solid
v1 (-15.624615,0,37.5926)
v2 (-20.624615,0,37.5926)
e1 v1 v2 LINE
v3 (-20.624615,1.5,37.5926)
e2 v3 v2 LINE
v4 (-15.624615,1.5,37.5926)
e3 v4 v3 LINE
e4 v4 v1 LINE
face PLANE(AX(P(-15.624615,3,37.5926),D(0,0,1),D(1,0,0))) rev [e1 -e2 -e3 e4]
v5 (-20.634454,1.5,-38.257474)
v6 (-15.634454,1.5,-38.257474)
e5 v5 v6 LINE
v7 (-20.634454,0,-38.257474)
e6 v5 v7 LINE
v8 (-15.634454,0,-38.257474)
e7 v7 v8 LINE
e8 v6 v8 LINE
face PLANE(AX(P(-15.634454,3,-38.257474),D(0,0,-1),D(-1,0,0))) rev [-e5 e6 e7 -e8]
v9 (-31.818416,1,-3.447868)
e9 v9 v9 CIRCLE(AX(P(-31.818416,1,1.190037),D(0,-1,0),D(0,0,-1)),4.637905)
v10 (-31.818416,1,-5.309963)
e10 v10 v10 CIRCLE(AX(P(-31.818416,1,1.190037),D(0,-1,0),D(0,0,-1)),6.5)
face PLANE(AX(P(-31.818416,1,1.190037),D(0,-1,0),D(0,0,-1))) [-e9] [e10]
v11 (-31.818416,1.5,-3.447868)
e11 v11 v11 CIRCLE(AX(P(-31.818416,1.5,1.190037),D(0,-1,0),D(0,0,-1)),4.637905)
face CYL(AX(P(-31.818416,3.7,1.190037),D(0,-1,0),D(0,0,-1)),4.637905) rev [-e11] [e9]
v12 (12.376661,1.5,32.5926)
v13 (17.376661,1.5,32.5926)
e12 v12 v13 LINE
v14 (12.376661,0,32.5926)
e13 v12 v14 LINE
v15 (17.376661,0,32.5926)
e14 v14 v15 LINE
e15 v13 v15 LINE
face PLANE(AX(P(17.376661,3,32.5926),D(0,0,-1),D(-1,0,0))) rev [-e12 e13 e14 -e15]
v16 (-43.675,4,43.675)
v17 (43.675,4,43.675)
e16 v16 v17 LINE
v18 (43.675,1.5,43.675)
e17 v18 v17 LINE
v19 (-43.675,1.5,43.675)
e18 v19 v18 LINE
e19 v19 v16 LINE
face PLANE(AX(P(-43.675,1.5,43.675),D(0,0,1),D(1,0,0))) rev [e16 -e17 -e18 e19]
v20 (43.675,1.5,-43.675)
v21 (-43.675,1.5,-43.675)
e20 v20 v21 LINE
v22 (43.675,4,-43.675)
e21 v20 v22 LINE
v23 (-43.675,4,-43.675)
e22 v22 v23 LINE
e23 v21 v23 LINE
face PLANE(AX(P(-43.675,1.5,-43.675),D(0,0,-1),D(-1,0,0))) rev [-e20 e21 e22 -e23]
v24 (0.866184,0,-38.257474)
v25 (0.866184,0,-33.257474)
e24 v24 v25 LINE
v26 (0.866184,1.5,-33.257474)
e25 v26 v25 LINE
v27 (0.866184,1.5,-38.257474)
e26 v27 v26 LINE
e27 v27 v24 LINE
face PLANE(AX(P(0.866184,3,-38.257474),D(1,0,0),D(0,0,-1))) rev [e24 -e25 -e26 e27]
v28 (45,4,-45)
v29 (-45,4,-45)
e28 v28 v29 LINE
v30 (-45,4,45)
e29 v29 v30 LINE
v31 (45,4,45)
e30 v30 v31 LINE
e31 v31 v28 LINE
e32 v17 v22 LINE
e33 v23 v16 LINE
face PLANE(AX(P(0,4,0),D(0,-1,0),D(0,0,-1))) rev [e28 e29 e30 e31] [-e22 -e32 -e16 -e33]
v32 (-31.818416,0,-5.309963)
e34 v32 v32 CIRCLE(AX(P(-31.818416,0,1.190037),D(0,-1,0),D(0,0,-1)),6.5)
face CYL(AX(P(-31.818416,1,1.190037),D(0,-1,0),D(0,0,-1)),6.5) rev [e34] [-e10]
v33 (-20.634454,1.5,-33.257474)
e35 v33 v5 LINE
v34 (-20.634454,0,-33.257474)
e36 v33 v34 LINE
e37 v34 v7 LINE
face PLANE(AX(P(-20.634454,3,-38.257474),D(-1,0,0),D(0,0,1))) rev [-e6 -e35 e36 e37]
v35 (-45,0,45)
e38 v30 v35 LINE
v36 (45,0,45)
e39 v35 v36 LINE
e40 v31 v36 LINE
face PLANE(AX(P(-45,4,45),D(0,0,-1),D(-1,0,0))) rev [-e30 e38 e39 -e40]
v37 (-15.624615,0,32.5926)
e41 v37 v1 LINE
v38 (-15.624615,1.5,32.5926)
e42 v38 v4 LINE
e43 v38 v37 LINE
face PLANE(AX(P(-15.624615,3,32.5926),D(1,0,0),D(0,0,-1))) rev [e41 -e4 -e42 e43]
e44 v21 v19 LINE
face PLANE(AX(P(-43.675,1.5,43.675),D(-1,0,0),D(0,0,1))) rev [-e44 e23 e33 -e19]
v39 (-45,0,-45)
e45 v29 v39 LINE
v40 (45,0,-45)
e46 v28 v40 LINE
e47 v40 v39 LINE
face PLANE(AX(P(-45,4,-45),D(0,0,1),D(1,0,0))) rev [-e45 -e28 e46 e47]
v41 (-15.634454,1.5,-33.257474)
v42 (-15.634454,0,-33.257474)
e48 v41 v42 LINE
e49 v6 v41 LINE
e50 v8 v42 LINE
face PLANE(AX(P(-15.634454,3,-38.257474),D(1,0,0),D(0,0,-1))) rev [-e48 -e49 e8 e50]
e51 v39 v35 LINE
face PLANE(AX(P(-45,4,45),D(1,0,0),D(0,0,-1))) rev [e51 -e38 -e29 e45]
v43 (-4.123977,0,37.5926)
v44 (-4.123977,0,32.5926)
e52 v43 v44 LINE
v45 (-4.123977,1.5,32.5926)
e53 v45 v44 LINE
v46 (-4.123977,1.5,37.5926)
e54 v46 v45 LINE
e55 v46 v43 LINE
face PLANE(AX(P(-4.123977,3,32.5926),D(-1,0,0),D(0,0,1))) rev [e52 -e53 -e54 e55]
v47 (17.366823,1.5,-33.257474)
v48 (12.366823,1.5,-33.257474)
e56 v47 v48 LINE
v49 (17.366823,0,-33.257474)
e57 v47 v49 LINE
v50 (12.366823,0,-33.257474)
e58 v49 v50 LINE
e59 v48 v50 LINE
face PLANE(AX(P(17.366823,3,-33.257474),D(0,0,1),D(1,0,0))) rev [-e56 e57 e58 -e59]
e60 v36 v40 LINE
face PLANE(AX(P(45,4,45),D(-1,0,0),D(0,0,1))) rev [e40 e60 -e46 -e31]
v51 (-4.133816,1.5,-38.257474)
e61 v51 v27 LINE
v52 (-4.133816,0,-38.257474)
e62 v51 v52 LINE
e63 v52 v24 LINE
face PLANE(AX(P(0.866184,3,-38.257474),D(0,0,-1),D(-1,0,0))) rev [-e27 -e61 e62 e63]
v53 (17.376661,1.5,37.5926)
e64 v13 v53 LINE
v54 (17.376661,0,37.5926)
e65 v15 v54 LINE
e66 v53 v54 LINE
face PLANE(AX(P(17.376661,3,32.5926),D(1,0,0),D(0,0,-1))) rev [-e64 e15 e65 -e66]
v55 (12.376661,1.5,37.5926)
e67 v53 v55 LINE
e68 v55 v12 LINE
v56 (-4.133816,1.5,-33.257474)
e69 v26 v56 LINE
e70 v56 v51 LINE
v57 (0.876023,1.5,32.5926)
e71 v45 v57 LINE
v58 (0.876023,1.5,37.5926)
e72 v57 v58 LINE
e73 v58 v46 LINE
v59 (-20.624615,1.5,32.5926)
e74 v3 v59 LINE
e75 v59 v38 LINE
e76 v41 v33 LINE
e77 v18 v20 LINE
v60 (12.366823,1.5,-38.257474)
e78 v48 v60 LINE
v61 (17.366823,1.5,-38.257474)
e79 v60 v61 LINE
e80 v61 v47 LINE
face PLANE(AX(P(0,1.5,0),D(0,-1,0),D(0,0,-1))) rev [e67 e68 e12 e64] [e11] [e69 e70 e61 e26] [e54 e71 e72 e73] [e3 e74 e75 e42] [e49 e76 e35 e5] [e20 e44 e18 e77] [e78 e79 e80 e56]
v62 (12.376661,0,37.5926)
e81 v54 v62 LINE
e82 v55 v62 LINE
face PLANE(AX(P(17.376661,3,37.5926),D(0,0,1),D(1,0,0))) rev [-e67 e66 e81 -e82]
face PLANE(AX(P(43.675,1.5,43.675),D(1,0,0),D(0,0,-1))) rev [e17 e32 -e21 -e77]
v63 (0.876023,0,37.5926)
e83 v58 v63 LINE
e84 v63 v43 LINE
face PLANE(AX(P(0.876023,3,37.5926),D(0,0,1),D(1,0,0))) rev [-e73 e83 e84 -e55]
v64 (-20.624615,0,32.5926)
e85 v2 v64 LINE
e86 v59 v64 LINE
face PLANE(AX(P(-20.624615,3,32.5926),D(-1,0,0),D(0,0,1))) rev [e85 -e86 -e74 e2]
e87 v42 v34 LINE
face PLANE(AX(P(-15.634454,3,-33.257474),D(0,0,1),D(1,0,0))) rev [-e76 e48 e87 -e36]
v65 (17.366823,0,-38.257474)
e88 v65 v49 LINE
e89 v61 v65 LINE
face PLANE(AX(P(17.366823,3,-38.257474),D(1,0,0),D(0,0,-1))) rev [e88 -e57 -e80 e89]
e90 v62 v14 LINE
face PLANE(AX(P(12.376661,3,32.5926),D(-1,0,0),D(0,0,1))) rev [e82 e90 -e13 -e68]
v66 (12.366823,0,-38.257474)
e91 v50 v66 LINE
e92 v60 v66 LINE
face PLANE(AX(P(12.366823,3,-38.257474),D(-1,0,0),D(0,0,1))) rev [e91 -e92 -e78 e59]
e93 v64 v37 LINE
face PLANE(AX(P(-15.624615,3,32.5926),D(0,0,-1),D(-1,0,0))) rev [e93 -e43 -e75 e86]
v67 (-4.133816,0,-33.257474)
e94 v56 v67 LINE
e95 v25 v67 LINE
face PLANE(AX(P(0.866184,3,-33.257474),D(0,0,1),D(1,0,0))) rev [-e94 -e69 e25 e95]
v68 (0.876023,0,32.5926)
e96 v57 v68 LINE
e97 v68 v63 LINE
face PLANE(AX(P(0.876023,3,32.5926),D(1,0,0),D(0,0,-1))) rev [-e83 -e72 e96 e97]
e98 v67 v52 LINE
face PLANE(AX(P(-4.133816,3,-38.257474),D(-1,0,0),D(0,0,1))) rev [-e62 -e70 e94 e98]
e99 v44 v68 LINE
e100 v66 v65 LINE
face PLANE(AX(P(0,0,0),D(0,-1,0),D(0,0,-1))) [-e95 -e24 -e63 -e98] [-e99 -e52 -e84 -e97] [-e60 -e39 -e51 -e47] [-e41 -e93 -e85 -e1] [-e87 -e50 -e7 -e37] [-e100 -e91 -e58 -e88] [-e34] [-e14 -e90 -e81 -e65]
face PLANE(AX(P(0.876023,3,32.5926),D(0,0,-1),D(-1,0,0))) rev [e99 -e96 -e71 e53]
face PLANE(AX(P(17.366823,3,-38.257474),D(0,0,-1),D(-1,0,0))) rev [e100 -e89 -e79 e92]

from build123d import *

# Parameters (mm, degrees)
SKETCH1_W           = 90
SKETCH1_H           = 90
BOSS_EXTRUDE1_DEPTH = 4
SKETCH2_W           = 87.35
SKETCH2_H           = 87.35
CUT_EXTRUDE2_DEPTH  = 2.5
SKETCH6_W           = 5
SKETCH6_H           = 5
CUT_EXTRUDE5_DEPTH  = 3
SKETCH7_R           = 6.5
CUT_EXTRUDE6_DEPTH  = 1
SKETCH8_R           = 4.637905468
CUT_EXTRUDE7_DEPTH  = 2.7


with BuildPart() as part:
    # Sketch1 → Boss-Extrude1 (new body)
    with BuildSketch(Plane(origin=(0, 0, 0), x_dir=(1, 0, 0), z_dir=(0, 1, 0))):
        Rectangle(SKETCH1_W, SKETCH1_H)
    extrude(amount=BOSS_EXTRUDE1_DEPTH)

    # Sketch2 → Cut-Extrude2 (cut)
    with BuildSketch(Plane(origin=(0, 4, 0), x_dir=(1, 0, 0), z_dir=(0, 1, 0))):
        Rectangle(SKETCH2_W, SKETCH2_H)
    extrude(amount=-CUT_EXTRUDE2_DEPTH, mode=Mode.SUBTRACT)

    # Sketch6 → Cut-Extrude5 (cut)
    with BuildSketch(Plane.XZ):
        with Locations((14.866822719, -35.757474477)):
            Rectangle(SKETCH6_W, SKETCH6_H)
        with Locations((-1.633815548, -35.757474477)):
            Rectangle(SKETCH6_W, SKETCH6_H)
        with Locations((-18.134453815, -35.757474477)):
            Rectangle(SKETCH6_W, SKETCH6_H)
        with Locations((14.87666148, 35.092600442)):
            Rectangle(SKETCH6_W, SKETCH6_H)
        with Locations((-1.623976787, 35.092600442)):
            Rectangle(SKETCH6_W, SKETCH6_H)
        with Locations((-18.124615054, 35.092600442)):
            Rectangle(SKETCH6_W, SKETCH6_H)
    extrude(amount=-CUT_EXTRUDE5_DEPTH, mode=Mode.SUBTRACT)

    # Sketch7 → Cut-Extrude6 (cut)
    with BuildSketch(Plane.XZ):
        with Locations((-31.818415868, 1.190037438)):
            Circle(SKETCH7_R)
    extrude(amount=-CUT_EXTRUDE6_DEPTH, mode=Mode.SUBTRACT)

    # Sketch8 → Cut-Extrude7 (cut)
    with BuildSketch(Plane.XZ.offset(-1)):
        with Locations((-31.818415868, 1.190037438)):
            Circle(SKETCH8_R)
    extrude(amount=-CUT_EXTRUDE7_DEPTH, mode=Mode.SUBTRACT)


solid = part.part
